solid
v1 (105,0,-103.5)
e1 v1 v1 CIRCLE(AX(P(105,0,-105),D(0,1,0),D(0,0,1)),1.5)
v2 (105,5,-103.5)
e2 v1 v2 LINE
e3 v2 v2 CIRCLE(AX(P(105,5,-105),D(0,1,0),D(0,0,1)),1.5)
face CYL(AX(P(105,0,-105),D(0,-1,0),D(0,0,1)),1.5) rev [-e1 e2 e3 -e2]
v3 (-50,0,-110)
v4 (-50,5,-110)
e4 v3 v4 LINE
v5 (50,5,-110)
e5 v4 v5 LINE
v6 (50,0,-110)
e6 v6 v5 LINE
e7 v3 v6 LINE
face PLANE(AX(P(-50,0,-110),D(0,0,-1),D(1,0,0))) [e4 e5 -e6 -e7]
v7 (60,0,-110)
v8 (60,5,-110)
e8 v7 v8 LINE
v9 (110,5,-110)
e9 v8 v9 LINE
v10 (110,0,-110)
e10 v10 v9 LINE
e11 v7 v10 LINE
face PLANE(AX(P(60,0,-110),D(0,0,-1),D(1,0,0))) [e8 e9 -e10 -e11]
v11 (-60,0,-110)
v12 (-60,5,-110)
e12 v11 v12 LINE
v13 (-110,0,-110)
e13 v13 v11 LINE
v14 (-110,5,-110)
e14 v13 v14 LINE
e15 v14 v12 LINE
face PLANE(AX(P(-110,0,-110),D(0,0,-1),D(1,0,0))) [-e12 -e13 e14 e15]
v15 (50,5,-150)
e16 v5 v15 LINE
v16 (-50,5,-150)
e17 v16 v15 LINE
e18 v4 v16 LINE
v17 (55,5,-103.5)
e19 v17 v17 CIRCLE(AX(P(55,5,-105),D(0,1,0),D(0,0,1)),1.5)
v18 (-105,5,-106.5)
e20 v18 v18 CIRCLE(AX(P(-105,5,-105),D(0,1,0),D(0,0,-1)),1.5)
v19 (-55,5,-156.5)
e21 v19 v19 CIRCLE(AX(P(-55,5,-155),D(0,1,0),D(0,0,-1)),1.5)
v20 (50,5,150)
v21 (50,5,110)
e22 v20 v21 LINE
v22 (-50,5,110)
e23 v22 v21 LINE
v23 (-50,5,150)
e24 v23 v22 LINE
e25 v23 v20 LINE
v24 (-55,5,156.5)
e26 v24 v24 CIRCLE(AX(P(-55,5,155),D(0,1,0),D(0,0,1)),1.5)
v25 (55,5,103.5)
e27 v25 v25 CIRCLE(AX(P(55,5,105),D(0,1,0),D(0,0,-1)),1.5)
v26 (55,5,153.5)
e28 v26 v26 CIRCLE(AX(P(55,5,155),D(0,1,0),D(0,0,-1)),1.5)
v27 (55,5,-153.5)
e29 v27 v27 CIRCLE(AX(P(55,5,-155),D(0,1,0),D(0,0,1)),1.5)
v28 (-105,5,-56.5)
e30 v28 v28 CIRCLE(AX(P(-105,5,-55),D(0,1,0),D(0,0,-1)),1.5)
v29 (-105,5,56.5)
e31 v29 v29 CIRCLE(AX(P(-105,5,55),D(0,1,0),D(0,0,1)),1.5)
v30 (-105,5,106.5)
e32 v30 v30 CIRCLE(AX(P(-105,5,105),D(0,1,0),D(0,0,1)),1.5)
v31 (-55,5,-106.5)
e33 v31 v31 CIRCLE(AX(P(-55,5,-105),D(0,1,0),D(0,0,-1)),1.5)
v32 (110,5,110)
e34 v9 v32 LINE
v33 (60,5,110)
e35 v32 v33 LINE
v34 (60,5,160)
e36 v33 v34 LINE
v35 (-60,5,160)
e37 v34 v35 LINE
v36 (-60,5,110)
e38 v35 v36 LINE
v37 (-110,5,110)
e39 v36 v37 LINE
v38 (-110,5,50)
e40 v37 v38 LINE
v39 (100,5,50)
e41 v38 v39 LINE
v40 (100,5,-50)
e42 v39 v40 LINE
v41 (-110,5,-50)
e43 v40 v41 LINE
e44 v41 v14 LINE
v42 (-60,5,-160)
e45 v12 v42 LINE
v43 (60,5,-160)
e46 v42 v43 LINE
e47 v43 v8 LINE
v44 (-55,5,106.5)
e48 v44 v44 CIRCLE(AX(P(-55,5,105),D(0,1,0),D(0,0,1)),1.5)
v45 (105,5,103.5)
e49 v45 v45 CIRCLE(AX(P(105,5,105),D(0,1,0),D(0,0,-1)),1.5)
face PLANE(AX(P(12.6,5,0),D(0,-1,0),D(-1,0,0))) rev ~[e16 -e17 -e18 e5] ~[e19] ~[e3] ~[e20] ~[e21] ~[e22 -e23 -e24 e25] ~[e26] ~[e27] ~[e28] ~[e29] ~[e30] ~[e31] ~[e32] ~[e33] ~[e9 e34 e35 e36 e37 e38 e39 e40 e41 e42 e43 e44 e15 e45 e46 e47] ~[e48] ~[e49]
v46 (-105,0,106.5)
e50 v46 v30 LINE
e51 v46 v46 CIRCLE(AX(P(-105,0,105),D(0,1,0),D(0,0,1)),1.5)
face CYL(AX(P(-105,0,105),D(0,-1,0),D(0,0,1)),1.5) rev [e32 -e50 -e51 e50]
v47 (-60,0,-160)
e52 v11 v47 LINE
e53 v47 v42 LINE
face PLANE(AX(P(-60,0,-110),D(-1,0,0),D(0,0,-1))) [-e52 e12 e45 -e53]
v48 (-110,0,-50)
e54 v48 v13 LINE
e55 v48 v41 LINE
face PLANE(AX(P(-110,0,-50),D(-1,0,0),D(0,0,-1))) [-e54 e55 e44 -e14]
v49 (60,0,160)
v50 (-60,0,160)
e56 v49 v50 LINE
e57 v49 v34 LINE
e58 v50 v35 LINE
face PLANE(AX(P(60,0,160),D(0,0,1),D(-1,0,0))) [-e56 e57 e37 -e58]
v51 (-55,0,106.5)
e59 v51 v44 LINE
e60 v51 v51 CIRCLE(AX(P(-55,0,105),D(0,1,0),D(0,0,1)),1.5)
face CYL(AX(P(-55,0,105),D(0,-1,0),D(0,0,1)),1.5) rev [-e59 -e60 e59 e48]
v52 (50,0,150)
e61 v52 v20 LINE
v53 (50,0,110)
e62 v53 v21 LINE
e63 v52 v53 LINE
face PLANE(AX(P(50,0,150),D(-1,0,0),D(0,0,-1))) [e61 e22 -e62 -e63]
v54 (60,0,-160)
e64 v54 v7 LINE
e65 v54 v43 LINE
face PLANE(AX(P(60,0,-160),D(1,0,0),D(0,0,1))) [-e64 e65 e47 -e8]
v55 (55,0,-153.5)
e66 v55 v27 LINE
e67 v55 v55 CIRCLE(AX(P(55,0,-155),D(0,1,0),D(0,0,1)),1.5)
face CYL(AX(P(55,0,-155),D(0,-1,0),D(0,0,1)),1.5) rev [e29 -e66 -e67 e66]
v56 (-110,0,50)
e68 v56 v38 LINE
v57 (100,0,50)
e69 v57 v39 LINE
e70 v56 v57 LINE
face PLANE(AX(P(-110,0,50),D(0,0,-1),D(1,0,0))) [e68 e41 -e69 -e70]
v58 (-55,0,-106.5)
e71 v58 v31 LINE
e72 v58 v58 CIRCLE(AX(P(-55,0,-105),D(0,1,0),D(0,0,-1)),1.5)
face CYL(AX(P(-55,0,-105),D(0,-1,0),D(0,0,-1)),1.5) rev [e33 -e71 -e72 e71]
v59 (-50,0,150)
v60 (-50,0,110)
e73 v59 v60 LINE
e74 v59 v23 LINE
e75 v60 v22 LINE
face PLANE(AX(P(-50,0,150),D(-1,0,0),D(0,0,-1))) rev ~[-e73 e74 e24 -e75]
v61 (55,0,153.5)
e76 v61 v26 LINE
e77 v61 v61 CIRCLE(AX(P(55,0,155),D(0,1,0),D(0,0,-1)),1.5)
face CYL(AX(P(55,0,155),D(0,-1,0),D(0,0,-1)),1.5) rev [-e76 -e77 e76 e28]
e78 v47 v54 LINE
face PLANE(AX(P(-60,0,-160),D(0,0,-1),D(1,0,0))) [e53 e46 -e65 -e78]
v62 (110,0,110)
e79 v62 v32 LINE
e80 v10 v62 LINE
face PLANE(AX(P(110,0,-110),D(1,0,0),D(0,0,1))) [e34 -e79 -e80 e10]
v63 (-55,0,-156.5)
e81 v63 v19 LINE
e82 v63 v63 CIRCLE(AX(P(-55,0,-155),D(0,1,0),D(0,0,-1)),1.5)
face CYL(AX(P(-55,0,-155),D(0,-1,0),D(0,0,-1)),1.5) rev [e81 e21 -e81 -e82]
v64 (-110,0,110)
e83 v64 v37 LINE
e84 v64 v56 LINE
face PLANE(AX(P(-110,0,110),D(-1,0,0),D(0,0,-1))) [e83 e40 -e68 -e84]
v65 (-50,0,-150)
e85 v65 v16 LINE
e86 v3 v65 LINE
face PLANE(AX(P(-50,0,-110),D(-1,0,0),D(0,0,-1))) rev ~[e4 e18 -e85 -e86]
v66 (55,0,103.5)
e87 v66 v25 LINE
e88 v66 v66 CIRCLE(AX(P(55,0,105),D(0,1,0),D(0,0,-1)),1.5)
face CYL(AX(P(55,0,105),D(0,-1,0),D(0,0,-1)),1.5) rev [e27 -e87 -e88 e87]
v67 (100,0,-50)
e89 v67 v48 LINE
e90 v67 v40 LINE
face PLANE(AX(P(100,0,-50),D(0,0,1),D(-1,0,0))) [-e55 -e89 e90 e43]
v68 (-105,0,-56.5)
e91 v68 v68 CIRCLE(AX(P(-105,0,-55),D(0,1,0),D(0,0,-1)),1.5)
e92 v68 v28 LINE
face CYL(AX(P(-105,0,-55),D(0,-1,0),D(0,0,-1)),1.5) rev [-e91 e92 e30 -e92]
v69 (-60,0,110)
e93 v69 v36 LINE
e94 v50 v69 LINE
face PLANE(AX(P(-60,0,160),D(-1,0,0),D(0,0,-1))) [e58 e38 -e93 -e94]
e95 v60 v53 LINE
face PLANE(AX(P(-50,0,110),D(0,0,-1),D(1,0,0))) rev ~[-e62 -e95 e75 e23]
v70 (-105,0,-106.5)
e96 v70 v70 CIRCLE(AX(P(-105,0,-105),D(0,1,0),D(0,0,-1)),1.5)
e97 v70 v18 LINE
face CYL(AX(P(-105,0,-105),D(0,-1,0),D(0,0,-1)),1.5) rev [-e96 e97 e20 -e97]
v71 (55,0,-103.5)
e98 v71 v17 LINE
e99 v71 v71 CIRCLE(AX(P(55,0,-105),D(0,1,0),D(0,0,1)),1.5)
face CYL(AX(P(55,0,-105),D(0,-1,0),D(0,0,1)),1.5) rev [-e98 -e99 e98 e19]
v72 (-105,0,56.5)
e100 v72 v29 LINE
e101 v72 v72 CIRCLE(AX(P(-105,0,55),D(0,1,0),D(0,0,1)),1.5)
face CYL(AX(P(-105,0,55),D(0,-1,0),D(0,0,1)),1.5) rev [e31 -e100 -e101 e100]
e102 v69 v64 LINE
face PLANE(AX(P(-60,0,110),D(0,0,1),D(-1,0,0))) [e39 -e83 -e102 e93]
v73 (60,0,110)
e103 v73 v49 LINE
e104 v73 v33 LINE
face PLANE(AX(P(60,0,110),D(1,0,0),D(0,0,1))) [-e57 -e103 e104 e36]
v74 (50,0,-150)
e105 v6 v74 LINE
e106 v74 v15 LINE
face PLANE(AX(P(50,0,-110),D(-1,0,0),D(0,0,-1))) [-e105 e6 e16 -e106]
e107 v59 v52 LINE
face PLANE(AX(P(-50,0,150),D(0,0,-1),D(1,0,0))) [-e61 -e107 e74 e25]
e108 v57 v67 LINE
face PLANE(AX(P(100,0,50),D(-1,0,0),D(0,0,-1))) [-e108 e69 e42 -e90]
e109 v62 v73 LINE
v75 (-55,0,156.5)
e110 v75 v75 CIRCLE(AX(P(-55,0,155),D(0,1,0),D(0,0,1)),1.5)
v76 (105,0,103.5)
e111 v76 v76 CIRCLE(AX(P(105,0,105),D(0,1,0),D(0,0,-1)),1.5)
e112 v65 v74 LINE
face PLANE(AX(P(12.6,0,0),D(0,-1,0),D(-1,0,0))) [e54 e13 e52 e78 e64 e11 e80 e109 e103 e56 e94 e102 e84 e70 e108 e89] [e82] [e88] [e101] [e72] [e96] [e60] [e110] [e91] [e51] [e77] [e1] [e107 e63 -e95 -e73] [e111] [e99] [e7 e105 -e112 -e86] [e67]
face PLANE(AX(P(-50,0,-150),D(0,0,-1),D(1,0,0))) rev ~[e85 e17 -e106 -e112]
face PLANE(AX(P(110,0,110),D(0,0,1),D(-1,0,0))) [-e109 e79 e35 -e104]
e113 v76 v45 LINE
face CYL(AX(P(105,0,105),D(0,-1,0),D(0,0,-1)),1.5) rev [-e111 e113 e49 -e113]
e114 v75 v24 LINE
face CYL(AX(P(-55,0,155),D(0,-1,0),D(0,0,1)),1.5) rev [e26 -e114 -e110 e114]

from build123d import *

# Parameters (mm, degrees)
ESQUISSE1_R        = 1.5
ESQUISSE1_W        = 100
ESQUISSE1_H        = 40
BOSS_EXTRU_1_DEPTH = 5


with BuildPart() as part:
    # Esquisse1 → Boss.-Extru.1 (new body)
    with BuildSketch(Plane(origin=(0, 0, 0), x_dir=(1, 0, 0), z_dir=(0, 1, 0))):
        Polygon((-60, 110), (-60, 160), (60, 160), (60, 110), (110, 110), (110, -110), (60, -110), (60, -160), (-60, -160), (-60, -110), (-110, -110), (-110, -50), (100, -50), (100, 50), (-110, 50), (-110, 110), align=None)
        with Locations(Location((-105, -105, 0), (0, 0, 270))):
            Circle(ESQUISSE1_R, mode=Mode.SUBTRACT)
        with Locations(Location((-105, -55, 0), (0, 0, 270))):
            Circle(ESQUISSE1_R, mode=Mode.SUBTRACT)
        with Locations(Location((-55, -105, 0), (0, 0, 270))):
            Circle(ESQUISSE1_R, mode=Mode.SUBTRACT)
        with Locations(Location((-55, -155, 0), (0, 0, 270))):
            Circle(ESQUISSE1_R, mode=Mode.SUBTRACT)
        with Locations(Location((-55, 155, 0), (0, 0, 90))):
            Circle(ESQUISSE1_R, mode=Mode.SUBTRACT)
        with Locations(Location((-55, 105, 0), (0, 0, 90))):
            Circle(ESQUISSE1_R, mode=Mode.SUBTRACT)
        with Locations(Location((-105, 105, 0), (0, 0, 90))):
            Circle(ESQUISSE1_R, mode=Mode.SUBTRACT)
        with Locations(Location((-105, 55, 0), (0, 0, 90))):
            Circle(ESQUISSE1_R, mode=Mode.SUBTRACT)
        with Locations(Location((55, -155, 0), (0, 0, 90))):
            Circle(ESQUISSE1_R, mode=Mode.SUBTRACT)
        with Locations(Location((55, -105, 0), (0, 0, 90))):
            Circle(ESQUISSE1_R, mode=Mode.SUBTRACT)
        with Locations(Location((105, -105, 0), (0, 0, 90))):
            Circle(ESQUISSE1_R, mode=Mode.SUBTRACT)
        with Locations(Location((105, 105, 0), (0, 0, 270))):
            Circle(ESQUISSE1_R, mode=Mode.SUBTRACT)
        with Locations(Location((55, 105, 0), (0, 0, 270))):
            Circle(ESQUISSE1_R, mode=Mode.SUBTRACT)
        with Locations(Location((55, 155, 0), (0, 0, 270))):
            Circle(ESQUISSE1_R, mode=Mode.SUBTRACT)
        with Locations((0, -130)):
            Rectangle(ESQUISSE1_W, ESQUISSE1_H, mode=Mode.SUBTRACT)
        with Locations((0, 130)):
            Rectangle(ESQUISSE1_W, ESQUISSE1_H, mode=Mode.SUBTRACT)
    extrude(amount=BOSS_EXTRU_1_DEPTH)


solid = part.part
